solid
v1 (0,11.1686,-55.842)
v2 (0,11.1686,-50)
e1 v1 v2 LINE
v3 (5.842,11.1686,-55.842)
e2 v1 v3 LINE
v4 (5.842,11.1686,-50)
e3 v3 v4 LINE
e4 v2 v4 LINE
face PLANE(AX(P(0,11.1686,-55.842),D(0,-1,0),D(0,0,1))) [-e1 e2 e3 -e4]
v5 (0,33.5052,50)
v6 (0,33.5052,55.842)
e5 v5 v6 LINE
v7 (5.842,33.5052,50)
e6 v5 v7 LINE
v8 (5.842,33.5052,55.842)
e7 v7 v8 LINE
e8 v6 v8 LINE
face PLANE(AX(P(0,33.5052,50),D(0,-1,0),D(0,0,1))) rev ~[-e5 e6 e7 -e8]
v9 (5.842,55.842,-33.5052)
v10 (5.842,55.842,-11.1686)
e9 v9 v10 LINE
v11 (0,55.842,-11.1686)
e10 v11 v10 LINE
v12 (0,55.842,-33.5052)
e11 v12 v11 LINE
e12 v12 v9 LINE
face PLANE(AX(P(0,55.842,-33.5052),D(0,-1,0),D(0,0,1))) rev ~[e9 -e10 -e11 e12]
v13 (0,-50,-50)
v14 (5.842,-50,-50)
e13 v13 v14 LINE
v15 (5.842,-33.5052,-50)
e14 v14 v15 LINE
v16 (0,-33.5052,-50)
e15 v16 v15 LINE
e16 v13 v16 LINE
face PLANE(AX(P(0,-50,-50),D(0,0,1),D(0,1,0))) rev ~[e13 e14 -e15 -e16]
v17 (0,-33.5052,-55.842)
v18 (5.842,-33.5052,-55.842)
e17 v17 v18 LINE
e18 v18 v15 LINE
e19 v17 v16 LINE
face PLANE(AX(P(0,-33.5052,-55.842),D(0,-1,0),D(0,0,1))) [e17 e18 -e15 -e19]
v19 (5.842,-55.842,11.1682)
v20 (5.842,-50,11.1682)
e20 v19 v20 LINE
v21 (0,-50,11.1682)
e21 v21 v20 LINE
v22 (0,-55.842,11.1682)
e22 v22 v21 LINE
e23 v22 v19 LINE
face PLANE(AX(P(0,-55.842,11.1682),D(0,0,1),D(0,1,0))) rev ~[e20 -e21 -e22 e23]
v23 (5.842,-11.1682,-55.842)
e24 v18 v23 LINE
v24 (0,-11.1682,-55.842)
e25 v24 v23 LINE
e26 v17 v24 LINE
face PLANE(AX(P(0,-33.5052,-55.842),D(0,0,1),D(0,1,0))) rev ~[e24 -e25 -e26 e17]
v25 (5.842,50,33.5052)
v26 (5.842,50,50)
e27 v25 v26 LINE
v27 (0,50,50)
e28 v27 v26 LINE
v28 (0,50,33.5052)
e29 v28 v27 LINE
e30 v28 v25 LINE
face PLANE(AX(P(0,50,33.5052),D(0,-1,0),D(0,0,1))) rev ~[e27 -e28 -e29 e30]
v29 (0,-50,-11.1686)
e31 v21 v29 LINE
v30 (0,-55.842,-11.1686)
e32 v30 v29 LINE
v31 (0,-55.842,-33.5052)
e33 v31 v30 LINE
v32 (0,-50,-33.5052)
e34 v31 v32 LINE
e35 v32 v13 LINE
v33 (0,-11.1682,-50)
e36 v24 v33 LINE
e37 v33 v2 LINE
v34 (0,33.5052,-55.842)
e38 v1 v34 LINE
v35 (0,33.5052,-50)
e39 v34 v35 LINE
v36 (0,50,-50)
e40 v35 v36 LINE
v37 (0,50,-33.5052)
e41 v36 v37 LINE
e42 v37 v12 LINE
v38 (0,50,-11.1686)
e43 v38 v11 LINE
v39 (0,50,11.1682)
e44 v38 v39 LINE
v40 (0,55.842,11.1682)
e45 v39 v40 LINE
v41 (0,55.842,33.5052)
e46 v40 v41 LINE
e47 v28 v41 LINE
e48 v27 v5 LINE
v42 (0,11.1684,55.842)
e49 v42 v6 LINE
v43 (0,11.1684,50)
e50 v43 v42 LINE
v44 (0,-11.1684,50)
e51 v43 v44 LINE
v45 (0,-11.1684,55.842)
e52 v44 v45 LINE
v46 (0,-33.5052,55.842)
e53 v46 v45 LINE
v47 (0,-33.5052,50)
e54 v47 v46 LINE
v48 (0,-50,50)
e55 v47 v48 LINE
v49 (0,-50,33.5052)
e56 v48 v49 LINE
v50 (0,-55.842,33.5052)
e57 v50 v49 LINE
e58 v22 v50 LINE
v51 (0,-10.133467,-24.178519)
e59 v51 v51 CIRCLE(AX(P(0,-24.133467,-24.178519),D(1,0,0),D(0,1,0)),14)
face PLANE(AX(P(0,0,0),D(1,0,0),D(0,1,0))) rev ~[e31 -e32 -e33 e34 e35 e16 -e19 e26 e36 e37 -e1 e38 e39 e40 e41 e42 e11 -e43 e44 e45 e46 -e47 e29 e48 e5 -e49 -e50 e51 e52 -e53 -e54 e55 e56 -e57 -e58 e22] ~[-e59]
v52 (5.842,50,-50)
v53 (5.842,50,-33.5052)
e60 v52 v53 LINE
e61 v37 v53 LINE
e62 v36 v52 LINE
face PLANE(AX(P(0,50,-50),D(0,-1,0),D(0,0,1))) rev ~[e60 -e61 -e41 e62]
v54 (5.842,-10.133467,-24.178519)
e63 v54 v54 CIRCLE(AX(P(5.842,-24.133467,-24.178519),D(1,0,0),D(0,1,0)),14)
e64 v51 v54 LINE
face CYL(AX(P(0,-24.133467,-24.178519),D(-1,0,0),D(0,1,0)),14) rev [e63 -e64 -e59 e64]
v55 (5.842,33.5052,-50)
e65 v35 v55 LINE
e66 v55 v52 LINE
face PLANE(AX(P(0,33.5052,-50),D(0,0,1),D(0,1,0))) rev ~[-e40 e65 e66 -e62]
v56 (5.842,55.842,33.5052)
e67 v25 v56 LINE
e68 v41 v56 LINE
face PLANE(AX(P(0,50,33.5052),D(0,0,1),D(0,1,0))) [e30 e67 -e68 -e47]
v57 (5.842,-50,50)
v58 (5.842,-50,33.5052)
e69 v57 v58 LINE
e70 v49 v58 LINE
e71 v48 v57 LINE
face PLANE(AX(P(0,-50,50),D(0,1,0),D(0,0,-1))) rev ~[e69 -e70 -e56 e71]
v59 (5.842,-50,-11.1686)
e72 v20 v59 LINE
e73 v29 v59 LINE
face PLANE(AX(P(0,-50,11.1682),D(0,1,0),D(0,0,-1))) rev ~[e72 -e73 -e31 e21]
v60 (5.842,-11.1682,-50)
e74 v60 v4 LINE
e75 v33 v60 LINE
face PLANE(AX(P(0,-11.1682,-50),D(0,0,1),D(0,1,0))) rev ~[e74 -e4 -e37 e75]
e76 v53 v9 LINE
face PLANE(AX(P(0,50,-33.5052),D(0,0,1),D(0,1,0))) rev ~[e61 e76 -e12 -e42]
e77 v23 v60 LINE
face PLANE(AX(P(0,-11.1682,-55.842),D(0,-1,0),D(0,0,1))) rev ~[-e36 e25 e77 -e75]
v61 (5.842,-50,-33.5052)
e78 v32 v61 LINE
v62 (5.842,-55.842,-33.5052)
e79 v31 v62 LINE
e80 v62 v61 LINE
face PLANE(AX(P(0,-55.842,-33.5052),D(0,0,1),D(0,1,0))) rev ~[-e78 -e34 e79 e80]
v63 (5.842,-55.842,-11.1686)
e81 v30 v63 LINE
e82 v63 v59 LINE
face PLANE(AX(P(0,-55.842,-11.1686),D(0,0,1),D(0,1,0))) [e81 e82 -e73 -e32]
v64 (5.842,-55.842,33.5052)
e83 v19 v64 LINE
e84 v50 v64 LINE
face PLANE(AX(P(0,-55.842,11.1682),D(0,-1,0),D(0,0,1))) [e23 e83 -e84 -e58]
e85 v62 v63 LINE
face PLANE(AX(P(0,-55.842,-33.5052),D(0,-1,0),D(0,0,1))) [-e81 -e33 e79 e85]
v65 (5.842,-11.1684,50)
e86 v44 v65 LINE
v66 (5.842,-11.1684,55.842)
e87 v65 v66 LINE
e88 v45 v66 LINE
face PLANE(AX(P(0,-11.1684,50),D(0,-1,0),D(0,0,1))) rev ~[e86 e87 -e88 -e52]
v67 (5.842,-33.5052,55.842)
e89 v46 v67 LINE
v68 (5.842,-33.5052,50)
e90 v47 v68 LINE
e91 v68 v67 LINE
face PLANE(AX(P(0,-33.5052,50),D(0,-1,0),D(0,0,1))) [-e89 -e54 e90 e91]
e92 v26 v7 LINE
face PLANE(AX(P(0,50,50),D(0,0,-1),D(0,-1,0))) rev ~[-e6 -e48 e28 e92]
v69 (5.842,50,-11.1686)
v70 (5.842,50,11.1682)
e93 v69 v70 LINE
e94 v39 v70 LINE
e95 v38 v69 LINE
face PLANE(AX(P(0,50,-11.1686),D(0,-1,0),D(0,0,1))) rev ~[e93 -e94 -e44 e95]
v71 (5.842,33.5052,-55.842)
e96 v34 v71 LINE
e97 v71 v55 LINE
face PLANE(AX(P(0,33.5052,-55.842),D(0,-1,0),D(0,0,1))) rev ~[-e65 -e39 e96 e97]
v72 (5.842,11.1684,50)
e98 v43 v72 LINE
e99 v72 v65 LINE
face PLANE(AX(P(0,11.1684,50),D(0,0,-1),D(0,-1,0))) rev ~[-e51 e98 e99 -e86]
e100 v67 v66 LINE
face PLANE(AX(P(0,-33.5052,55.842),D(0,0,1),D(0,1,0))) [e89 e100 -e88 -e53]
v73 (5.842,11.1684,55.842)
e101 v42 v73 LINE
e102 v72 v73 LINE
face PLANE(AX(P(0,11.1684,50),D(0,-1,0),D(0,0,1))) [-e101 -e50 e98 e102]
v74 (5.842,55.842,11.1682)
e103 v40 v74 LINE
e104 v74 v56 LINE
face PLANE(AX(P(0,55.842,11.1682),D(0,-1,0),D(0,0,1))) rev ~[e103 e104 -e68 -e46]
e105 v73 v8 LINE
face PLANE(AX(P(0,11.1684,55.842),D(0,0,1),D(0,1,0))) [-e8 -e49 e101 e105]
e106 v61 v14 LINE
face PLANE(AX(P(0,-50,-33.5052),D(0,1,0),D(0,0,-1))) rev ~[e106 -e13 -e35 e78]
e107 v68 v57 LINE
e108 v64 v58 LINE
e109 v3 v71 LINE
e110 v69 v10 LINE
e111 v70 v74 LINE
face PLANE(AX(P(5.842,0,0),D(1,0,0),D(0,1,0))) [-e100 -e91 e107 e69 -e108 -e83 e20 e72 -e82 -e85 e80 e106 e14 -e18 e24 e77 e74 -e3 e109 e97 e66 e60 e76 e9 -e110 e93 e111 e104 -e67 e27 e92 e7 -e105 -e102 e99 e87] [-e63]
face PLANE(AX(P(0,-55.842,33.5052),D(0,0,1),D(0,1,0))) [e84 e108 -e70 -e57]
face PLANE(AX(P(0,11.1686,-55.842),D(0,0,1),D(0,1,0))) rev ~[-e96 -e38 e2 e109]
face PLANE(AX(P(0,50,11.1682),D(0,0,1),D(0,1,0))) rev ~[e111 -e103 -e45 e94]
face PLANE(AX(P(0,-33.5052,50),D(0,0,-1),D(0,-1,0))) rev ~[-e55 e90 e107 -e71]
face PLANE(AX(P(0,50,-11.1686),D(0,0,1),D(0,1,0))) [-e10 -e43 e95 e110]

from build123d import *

# Parameters (mm, degrees)
F0_R     = 14
F0_W     = 22.3368
F0_H     = 5.842
F0_W_2   = 5.842
F0_H_2   = 22.337
F0_H_3   = 22.3366
F0_W_3   = 22.337
F0_W_4   = 22.3366
F1_DEPTH = 5.842


with BuildPart() as f1:
    # F0 (on Right) → F1 (new body)
    with BuildSketch(Plane.YZ):
        Polygon((-33.5052, 50), (-50, 50), (-50, 33.5052), (-50, 11.1682), (-50, -11.1686), (-50, -33.5052), (-50, -50), (-33.5052, -50), (-11.1682, -50), (11.1686, -50), (33.5052, -50), (50, -50), (50, -33.5052), (50, -11.1686), (50, 11.1682), (50, 33.5052), (50, 50), (33.5052, 50), (11.1684, 50), (-11.1684, 50), align=None)
        with Locations((-24.133467, -24.178519)):
            Circle(F0_R, mode=Mode.SUBTRACT)
        with Locations((-22.3368, 52.921)):
            Rectangle(F0_W, F0_H)
        with Locations((-52.921, 22.3367)):
            Rectangle(F0_W_2, F0_H_2)
        with Locations((22.3368, 52.921)):
            Rectangle(F0_W, F0_H)
        with Locations((-52.921, -22.3369)):
            Rectangle(F0_W_2, F0_H_3)
        with Locations((52.921, 22.3367)):
            Rectangle(F0_W_2, F0_H_2)
        with Locations((-22.3367, -52.921)):
            Rectangle(F0_W_3, F0_H)
        with Locations((52.921, -22.3369)):
            Rectangle(F0_W_2, F0_H_3)
        with Locations((22.3369, -52.921)):
            Rectangle(F0_W_4, F0_H)
    extrude(amount=F1_DEPTH)


solid = f1.part
